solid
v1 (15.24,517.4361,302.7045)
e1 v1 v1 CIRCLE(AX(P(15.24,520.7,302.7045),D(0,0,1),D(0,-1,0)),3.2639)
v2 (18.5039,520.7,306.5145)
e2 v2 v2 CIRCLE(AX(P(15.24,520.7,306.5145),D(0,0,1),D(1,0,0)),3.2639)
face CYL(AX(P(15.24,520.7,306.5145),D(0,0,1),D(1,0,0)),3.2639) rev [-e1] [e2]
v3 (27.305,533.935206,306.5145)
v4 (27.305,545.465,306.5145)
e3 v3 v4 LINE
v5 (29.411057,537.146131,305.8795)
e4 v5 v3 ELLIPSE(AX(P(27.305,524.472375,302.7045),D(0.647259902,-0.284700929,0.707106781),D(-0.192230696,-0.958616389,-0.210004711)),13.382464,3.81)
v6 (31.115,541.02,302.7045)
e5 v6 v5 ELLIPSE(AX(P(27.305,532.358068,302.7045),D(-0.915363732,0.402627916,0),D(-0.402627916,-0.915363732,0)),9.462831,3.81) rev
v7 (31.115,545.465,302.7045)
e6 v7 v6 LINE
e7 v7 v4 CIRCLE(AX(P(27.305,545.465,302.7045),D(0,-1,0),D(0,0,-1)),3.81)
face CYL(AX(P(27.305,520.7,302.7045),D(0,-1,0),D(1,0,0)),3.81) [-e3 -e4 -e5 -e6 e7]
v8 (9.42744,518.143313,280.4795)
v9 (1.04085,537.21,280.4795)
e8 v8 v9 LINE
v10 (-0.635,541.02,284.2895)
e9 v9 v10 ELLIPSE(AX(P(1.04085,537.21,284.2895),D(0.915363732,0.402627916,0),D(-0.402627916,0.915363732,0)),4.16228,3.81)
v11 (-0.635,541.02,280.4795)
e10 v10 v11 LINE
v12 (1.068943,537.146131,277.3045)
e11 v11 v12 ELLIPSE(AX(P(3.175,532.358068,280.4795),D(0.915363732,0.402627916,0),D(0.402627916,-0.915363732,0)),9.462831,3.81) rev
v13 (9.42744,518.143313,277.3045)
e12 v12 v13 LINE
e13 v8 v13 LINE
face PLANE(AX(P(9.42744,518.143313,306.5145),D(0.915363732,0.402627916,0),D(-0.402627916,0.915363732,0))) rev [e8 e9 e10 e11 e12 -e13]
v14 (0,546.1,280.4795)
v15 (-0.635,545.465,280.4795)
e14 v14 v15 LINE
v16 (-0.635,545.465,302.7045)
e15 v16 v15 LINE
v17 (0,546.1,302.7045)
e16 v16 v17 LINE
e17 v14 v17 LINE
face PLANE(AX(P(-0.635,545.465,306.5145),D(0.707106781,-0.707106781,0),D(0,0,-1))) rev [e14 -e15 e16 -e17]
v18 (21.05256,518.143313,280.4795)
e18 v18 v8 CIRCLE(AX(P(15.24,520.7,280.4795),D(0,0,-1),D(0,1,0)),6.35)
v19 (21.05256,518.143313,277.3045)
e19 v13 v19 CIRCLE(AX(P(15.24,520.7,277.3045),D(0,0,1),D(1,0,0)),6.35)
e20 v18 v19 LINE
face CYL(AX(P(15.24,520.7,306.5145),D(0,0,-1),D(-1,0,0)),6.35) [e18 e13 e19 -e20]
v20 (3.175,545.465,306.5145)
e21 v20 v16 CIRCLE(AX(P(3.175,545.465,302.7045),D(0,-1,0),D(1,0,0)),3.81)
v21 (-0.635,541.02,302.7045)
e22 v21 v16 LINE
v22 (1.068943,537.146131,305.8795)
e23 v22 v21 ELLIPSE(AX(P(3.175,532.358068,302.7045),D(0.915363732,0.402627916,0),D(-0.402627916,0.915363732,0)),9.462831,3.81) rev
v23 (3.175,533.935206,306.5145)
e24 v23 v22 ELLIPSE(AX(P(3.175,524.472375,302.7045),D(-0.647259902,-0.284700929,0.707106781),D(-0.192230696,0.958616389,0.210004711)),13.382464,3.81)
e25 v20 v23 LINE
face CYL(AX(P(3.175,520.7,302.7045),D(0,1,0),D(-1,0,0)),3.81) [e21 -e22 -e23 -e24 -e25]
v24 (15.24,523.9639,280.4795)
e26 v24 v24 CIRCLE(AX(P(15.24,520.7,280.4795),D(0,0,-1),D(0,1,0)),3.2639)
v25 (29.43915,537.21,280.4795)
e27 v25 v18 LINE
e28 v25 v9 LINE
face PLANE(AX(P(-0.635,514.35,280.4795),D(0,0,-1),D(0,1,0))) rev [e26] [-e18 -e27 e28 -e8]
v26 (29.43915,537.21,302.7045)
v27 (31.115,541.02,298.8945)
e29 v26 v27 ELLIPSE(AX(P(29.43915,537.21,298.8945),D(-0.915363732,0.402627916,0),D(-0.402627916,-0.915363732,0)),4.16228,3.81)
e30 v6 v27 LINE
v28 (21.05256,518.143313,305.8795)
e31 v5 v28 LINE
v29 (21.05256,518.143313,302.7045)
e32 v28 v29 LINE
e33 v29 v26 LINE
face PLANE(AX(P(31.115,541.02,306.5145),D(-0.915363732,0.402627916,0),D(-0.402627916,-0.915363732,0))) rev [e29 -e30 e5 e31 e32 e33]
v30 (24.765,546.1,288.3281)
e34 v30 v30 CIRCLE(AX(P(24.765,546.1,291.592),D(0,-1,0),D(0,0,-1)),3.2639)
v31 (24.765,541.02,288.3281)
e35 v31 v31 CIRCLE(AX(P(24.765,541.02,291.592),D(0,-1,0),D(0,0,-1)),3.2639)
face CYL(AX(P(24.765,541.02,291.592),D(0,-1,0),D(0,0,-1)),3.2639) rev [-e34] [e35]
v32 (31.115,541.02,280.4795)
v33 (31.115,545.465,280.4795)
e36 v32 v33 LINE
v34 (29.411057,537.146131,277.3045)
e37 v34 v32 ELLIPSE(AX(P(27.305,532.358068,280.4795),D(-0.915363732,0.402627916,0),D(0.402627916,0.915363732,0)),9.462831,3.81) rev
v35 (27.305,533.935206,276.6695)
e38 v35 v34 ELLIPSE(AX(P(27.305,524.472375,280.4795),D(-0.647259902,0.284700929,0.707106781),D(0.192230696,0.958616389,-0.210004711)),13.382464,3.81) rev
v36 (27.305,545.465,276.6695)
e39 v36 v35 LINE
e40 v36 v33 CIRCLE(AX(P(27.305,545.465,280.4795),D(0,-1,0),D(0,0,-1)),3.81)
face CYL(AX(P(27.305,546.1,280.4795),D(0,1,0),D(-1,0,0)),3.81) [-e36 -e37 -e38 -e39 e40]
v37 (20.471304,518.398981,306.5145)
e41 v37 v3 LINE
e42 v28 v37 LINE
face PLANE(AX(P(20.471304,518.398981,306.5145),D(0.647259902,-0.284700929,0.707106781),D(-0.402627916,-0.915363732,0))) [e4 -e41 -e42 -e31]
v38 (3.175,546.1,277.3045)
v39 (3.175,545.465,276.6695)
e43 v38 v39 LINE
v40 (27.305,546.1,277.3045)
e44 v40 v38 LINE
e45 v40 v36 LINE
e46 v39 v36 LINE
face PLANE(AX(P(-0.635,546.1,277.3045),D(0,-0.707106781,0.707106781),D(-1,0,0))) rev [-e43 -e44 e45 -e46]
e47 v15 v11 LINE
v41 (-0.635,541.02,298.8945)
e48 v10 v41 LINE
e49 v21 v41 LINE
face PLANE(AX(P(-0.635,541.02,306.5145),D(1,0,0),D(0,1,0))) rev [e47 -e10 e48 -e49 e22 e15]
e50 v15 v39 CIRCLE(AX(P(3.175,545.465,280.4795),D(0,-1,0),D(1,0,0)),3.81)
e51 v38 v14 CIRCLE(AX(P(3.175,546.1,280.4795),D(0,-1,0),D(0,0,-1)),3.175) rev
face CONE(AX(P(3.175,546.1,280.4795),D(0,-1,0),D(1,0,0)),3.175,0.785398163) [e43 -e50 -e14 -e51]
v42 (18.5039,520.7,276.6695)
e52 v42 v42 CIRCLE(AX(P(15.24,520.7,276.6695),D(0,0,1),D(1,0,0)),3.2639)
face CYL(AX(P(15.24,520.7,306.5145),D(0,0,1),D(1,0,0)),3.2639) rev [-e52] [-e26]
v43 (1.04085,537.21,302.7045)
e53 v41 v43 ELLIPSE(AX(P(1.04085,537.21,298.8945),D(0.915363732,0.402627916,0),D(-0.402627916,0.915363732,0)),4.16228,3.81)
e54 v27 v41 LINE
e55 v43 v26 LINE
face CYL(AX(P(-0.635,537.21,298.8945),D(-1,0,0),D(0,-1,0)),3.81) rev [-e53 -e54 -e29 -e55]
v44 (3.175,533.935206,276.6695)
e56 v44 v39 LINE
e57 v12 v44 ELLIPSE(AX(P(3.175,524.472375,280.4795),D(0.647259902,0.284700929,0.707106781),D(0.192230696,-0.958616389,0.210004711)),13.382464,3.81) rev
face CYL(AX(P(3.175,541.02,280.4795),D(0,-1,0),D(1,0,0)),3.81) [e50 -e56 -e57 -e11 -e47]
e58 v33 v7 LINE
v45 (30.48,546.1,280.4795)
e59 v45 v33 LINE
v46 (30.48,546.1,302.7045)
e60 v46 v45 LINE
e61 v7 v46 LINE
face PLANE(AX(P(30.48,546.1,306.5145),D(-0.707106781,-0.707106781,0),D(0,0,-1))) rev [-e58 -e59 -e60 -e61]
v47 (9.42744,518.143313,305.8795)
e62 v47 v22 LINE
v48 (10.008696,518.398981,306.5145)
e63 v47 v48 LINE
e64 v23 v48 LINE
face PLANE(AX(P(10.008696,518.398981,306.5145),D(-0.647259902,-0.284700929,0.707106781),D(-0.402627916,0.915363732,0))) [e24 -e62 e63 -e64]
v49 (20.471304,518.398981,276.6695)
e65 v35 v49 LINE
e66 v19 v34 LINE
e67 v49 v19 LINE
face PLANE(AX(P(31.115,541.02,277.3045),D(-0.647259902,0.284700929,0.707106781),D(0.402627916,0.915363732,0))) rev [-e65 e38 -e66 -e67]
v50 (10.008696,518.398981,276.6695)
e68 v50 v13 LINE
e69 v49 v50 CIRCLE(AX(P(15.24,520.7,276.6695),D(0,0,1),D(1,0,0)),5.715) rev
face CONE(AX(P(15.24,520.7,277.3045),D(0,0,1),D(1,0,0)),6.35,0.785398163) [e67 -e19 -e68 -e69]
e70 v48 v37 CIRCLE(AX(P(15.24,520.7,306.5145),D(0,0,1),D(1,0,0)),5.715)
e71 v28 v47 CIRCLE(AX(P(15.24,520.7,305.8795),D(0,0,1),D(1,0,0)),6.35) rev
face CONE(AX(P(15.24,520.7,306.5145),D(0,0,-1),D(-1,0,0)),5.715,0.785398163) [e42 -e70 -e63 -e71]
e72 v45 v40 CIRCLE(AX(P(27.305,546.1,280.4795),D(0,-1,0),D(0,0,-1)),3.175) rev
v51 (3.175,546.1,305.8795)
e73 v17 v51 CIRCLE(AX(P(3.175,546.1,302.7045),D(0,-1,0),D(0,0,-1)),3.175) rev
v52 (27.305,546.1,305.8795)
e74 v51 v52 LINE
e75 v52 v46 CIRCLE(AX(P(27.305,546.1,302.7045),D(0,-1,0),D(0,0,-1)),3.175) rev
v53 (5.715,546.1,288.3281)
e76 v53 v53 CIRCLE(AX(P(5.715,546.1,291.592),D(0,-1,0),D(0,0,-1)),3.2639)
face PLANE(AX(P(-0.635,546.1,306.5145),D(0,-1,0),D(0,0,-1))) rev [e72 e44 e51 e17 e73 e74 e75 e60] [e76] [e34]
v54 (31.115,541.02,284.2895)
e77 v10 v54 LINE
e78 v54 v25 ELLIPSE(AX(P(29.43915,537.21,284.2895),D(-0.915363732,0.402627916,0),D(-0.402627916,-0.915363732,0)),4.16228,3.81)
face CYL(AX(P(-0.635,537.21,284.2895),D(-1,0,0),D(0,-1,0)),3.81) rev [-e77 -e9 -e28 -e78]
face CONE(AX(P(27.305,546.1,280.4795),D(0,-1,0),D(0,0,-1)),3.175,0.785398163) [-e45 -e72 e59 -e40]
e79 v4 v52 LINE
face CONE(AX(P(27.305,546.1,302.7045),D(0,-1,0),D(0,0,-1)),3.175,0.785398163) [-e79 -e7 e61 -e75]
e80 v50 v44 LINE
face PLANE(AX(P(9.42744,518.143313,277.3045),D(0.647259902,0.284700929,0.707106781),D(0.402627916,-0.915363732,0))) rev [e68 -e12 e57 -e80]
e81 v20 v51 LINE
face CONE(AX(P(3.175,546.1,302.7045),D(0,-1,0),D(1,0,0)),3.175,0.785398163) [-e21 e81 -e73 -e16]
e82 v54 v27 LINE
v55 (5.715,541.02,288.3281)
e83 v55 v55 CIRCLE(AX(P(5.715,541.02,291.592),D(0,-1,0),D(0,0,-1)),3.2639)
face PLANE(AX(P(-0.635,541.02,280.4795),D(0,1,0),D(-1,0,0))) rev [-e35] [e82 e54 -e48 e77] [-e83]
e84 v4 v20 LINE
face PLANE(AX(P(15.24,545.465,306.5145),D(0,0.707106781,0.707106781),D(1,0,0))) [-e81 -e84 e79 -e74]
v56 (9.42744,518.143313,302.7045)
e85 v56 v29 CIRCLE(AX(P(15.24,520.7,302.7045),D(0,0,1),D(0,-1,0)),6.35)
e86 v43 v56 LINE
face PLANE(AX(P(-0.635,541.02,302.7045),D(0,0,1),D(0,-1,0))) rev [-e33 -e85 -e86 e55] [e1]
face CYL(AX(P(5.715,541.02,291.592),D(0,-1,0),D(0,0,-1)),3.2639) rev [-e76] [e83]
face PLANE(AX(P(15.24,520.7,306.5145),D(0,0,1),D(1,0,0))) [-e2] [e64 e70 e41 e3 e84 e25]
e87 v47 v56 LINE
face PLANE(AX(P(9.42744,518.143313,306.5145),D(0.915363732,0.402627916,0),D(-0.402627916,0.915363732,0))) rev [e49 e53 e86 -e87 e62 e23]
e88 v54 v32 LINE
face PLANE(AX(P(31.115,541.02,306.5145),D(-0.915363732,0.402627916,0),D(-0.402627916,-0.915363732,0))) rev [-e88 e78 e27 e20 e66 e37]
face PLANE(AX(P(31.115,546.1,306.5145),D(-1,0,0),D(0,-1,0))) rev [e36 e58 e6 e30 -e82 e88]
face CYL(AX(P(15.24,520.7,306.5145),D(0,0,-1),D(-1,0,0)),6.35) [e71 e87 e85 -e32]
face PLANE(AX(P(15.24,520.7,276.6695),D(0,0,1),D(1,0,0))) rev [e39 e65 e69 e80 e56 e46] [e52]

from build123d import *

# Parameters (mm, degrees)
BULK_TRIANGLE_DEPTH      = 14.9225
BULK_TRIANGLE_DEPTH_BACK = 14.9225
U_CUTOUT_DEPTH           = 627.44103
U_CUTOUT_DEPTH_BACK      = 627.44103
F_1_4_CLEARANCE_HOLE1_D  = 6.5278
F_1_4_CLEARANCE_HOLE2_D  = 6.5278
INNER_FILLET_R           = 3.81
TRIANGLE_DEBURR_SIZE     = 0.635
OUTER_FILLET_R           = 3.81
CLAMP_FACE_DEBURR_SIZE   = 0.635


with BuildPart() as part:
    # Sketch1 → Bulk Triangle (new, two sides)
    with BuildSketch(Plane.XY.offset(291.592)) as bulk_triangle_sk:
        with BuildLine():
            Line((9.42744, 518.143313), (-0.635, 541.02))
            Line((-0.635, 541.02), (-0.635, 546.1))
            Line((-0.635, 546.1), (31.115, 546.1))
            Line((31.115, 546.1), (31.115, 541.02))
            Line((31.115, 541.02), (21.05256, 518.143313))
            ThreePointArc((21.05256, 518.143313), (15.24, 514.35), (9.42744, 518.143313))
        make_face()
    extrude(amount=BULK_TRIANGLE_DEPTH)
    extrude(bulk_triangle_sk.sketch, amount=-BULK_TRIANGLE_DEPTH_BACK)

    # Sketch3 → U-Cutout (cut, two sides)
    with BuildSketch(Plane(origin=(15.24, 0, 0), x_dir=(0, -4.31797119152115e-05, -0.9999999990677564), z_dir=(1, 0, 0))) as u_cutout_sk:
        Polygon((-302.727861, 541.006929), (-302.726709, 514.336929), (-280.501709, 514.337888), (-280.502861, 541.007888), align=None)
    extrude(amount=U_CUTOUT_DEPTH, mode=Mode.SUBTRACT)
    extrude(u_cutout_sk.sketch, amount=-U_CUTOUT_DEPTH_BACK, mode=Mode.SUBTRACT)

    # 1/4 Clearance Hole1 (through all)
    with Locations(Plane(origin=(15.24, 520.7, 306.5145), x_dir=(1, 0, 0), z_dir=(0, 0, 1))):
        with Locations((0, 0)):
            Hole(F_1_4_CLEARANCE_HOLE1_D / 2)

    # 1/4 Clearance Hole2 (through all)
    with Locations(Plane(origin=(24.765, 541.02, 291.592), x_dir=(-1, 0, 0), z_dir=(0, -1, 0))):
        with Locations((0, 0), (19.05, 0)):
            Hole(F_1_4_CLEARANCE_HOLE2_D / 2)

    # Inner Fillet
    inner_fillet_edges = [part.edges().sort_by_distance(p)[0] for p in [
        (15.24, 541.02, 280.4795),
        (15.24, 541.02, 302.7045),
    ]]
    fillet(inner_fillet_edges, radius=INNER_FILLET_R)

    # Triangle Deburr
    triangle_deburr_edges = [part.edges().sort_by_distance(p)[0] for p in [
        (15.24, 514.35, 276.6695),
        (4.39622, 529.581656, 276.6695),
        (26.08378, 529.581656, 276.6695),
        (4.39622, 529.581656, 306.5145),
        (15.24, 514.35, 306.5145),
        (26.08378, 529.581656, 306.5145),
    ]]
    chamfer(triangle_deburr_edges, length=TRIANGLE_DEBURR_SIZE)

    # Outer Fillet
    outer_fillet_edges = [part.edges().sort_by_distance(p)[0] for p in [
        (-0.635, 544.348569, 276.6695),
        (31.115, 544.348569, 276.6695),
        (-0.635, 544.348569, 306.5145),
        (31.115, 544.348569, 306.5145),
    ]]
    fillet(outer_fillet_edges, radius=OUTER_FILLET_R)

    # Clamp Face Deburr
    clamp_face_deburr_edges = [part.edges().sort_by_distance(p)[0] for p in [
        (-0.635, 546.1, 291.592),
        (15.24, 546.1, 276.6695),
        (31.115, 546.1, 291.592),
        (15.24, 546.1, 306.5145),
        (29.999077, 546.1, 305.398577),
        (0.480923, 546.1, 305.398577),
        (29.999077, 546.1, 277.785423),
        (0.480923, 546.1, 277.785423),
    ]]
    chamfer(clamp_face_deburr_edges, length=CLAMP_FACE_DEBURR_SIZE)


solid = part.part
